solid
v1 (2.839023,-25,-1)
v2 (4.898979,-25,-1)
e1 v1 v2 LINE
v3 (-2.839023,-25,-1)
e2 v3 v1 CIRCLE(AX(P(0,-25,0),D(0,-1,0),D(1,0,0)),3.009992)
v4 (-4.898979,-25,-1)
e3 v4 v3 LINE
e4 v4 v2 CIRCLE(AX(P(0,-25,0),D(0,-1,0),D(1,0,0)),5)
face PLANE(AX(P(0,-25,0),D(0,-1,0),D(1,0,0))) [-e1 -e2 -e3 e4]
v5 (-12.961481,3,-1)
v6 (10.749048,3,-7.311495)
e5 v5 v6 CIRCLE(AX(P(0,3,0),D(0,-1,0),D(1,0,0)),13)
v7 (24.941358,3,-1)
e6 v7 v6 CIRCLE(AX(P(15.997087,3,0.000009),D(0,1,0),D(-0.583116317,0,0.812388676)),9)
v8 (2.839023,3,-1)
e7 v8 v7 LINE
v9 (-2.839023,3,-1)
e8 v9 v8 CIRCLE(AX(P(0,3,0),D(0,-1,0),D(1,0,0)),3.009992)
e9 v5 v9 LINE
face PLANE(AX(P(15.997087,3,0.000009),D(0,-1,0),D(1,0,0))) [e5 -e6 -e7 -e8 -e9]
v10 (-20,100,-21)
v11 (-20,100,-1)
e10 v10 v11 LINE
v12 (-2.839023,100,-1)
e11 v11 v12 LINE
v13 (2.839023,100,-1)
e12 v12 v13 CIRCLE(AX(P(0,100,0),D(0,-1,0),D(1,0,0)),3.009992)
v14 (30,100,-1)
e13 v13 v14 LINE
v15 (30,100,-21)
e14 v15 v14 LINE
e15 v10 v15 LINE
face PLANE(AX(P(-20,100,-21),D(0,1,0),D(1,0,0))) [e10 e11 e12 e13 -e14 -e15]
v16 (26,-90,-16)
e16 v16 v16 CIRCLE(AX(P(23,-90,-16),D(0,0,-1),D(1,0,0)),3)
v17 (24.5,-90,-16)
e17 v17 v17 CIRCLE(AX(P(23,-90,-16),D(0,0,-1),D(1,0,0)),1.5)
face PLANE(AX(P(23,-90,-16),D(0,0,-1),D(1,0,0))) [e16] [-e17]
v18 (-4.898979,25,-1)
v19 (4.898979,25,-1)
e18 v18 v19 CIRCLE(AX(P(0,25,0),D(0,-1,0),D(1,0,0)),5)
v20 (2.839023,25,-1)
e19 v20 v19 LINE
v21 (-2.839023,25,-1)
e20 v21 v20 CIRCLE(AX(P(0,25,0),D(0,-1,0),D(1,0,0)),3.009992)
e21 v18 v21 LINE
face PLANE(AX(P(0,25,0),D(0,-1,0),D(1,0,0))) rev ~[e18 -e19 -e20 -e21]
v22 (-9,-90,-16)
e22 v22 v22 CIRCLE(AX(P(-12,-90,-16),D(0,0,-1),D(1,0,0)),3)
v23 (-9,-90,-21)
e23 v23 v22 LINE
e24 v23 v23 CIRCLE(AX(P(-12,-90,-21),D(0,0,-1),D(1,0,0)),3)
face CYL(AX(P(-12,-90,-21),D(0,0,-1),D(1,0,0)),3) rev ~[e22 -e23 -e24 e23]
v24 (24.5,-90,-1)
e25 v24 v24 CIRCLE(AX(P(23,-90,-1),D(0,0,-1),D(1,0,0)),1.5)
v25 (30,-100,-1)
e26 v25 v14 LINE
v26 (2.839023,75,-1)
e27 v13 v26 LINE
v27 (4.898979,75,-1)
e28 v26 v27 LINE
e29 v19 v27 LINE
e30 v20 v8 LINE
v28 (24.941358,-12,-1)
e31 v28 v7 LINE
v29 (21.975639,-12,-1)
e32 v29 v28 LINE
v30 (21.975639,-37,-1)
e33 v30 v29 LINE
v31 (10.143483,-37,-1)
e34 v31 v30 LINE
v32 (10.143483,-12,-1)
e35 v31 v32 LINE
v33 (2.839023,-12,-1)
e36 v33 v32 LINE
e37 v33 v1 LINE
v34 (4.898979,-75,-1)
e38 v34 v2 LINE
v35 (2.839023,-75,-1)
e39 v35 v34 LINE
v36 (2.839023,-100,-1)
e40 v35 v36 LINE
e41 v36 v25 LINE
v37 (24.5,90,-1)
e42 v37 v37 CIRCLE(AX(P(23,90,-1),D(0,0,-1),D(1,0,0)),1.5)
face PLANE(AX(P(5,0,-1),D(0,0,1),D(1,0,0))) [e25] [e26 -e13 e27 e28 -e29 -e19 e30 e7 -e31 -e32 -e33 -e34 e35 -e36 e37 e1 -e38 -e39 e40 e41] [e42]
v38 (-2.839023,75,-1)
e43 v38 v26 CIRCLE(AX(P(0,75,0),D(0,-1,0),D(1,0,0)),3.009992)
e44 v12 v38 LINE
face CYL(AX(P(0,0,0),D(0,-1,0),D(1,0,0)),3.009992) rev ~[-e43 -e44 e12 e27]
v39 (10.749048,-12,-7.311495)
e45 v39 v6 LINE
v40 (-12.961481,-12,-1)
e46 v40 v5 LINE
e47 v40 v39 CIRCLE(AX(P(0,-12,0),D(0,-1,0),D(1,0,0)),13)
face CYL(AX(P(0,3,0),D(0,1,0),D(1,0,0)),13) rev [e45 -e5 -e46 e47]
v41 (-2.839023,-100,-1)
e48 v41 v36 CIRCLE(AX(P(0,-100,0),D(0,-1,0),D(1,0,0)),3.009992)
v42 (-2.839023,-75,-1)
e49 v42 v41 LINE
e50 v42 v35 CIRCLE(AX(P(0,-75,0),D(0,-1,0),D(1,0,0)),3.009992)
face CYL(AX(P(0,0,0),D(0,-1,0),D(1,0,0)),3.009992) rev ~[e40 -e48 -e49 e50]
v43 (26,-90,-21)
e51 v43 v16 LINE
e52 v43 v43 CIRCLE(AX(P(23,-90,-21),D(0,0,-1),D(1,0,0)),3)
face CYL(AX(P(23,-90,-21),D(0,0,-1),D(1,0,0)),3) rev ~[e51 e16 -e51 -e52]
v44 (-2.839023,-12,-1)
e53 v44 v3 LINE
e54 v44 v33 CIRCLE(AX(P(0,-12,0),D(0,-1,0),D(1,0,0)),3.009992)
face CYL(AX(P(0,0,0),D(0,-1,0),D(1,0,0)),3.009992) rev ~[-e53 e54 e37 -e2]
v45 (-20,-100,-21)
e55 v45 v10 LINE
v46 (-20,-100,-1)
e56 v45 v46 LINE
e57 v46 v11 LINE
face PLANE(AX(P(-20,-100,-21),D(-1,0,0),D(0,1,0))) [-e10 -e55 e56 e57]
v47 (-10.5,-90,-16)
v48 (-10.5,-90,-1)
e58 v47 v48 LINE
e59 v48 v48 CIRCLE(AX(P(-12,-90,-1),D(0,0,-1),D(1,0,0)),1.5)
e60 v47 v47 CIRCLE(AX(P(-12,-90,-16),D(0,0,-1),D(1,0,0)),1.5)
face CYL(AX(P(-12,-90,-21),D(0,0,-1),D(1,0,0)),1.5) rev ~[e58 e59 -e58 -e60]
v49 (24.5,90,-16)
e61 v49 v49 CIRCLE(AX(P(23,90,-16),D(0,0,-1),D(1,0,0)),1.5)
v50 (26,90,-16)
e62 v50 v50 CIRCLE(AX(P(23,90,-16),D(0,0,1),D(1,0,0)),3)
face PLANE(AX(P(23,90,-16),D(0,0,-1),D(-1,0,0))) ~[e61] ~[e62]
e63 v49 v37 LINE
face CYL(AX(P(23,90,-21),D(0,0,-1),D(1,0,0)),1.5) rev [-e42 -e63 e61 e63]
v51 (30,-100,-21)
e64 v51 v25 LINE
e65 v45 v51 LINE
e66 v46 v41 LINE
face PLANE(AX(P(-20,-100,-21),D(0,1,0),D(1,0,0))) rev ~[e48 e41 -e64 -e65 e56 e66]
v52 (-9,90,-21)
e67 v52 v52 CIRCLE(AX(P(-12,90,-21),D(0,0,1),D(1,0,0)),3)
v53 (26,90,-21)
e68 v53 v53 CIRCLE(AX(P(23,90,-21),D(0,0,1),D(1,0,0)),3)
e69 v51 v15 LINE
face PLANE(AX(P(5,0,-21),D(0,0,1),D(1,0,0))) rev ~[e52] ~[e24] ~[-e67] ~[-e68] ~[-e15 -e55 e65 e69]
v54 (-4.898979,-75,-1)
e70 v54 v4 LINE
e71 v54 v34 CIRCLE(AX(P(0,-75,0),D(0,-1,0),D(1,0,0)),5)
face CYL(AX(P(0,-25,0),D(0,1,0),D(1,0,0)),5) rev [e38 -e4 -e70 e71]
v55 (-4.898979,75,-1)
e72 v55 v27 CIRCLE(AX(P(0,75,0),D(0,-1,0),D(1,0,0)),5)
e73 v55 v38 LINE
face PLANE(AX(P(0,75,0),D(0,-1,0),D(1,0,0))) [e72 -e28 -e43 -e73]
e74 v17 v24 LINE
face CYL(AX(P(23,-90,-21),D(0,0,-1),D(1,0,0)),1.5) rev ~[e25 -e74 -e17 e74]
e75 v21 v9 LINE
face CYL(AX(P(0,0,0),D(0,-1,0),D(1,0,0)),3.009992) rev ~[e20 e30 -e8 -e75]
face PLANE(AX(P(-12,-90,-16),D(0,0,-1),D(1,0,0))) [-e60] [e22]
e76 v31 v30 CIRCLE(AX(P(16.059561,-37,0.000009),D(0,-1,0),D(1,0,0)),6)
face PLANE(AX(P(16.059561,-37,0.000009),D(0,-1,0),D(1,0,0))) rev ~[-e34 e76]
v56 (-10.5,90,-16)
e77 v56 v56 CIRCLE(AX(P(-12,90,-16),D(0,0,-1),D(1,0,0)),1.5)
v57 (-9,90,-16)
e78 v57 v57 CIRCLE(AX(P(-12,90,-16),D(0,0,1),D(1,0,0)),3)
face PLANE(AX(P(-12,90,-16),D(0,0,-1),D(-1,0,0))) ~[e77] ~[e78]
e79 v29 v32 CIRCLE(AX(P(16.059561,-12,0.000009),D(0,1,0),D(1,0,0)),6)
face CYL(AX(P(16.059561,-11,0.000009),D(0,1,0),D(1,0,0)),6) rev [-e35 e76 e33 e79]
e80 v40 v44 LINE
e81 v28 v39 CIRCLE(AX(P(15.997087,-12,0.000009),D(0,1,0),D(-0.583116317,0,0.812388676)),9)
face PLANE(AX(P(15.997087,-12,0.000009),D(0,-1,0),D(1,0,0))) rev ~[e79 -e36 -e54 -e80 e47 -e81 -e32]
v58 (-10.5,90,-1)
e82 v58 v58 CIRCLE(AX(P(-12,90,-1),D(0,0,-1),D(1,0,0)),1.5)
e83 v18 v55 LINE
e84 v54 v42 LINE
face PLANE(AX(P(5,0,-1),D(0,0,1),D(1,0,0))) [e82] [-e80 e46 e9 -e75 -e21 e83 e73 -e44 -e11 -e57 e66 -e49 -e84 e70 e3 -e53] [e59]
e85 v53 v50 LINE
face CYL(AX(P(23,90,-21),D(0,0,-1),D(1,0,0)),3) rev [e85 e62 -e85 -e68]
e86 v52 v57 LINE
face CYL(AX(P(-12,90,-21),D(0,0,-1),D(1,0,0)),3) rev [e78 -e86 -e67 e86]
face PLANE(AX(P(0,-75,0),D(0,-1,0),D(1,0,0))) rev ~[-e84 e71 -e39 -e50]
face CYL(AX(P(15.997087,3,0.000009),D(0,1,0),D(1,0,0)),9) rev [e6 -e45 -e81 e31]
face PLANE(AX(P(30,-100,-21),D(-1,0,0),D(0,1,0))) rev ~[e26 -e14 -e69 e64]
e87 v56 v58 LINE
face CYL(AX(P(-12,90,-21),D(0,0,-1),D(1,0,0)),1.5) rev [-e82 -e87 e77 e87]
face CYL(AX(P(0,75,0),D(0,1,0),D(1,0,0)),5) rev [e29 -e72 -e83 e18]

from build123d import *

# Parameters (mm, degrees)
SKETCH006_R     = 3.009992
PAD002_DEPTH    = 100
SKETCH011_R     = 5
PAD007_DEPTH    = 50
SKETCH010_R     = 5
PAD006_DEPTH    = 50
SKETCH008_R     = 13
PAD004_DEPTH    = 15
SKETCH009_R     = 9
PAD005_DEPTH    = 15
SKETCH013_R     = 6
PAD008_DEPTH    = 26
BOX001_W        = 50
BOX001_H        = 200
BOX001_DEPTH    = 20
SKETCH015_R     = 1.5
POCKET001_DEPTH = 434.247304
SKETCH016_R     = 1.5
POCKET002_DEPTH = 434.247304
SKETCH017_R     = 3
POCKET003_DEPTH = 5
SKETCH018_R     = 3
POCKET004_DEPTH = 5


with BuildPart() as pad002:
    # Sketch006 → Pad002 (new body, symmetric)
    with BuildSketch(Plane.XZ):
        Circle(SKETCH006_R)
    extrude(amount=PAD002_DEPTH, both=True)


with BuildPart() as pad007:
    # Sketch011 → Pad007 (new body)
    with BuildSketch(Plane.XZ.offset(-75)):
        Circle(SKETCH011_R)
    extrude(amount=PAD007_DEPTH)


with BuildPart() as scassi_perno:
    # Sketch010 → Pad006 (new body)
    with BuildSketch(Plane.XZ.offset(25)):
        Circle(SKETCH010_R)
    extrude(amount=PAD006_DEPTH)

    # Fusion002: union Pad007
    add(pad007.part)


with BuildPart() as scasso_ruota_dentata:
    # Sketch008 → Pad004 (new body)
    with BuildSketch(Plane.XZ.offset(-3)):
        Circle(SKETCH008_R)
    extrude(amount=PAD004_DEPTH)


with BuildPart() as scassi_ruote_dentate:
    # Sketch009 → Pad005 (new body)
    with BuildSketch(Plane.XZ.offset(-3)):
        with Locations((15.997087, 9e-06)):
            Circle(SKETCH009_R)
    extrude(amount=PAD005_DEPTH)

    # Fusion001: union scasso_ruota_dentata
    add(scasso_ruota_dentata.part)


with BuildPart() as fusion:
    # Sketch013 → Pad008 (new body)
    with BuildSketch(Plane.XZ.offset(11)):
        with Locations((16.059561, 9e-06)):
            Circle(SKETCH013_R)
    extrude(amount=PAD008_DEPTH)

    # Fusion005: union scassi_perno, scassi_ruote_dentate
    add(scassi_perno.part)
    add(scassi_ruote_dentate.part)

    # Fusion: union Pad002
    add(pad002.part)


with BuildPart() as tappo_viti:
    # Box001 → Box001 (new body)
    with BuildSketch(Plane(origin=(-20, -100, -21), x_dir=(1, 0, 0), z_dir=(0, 0, 1))):
        with Locations((25, 100)):
            Rectangle(BOX001_W, BOX001_H)
    extrude(amount=BOX001_DEPTH)

    # Cut001: cut Fusion
    add(fusion.part, mode=Mode.SUBTRACT)

    # Sketch015 → Pocket001 (cut, through all)
    with BuildSketch(Plane(origin=(0, 0, -21), x_dir=(1, 0, 0), z_dir=(0, 0, -1))):
        with Locations((23, 90)):
            Circle(SKETCH015_R)
    pocket001 = extrude(amount=-POCKET001_DEPTH, mode=Mode.SUBTRACT)

    # Mirrored: Pocket001 across Sketch015 H_Axis
    add(pocket001.mirror(Plane(origin=(0, 0, -21), x_dir=(0, 0, -1), z_dir=(0, -1, 0))), mode=Mode.SUBTRACT)

    # Sketch016 → Pocket002 (cut, through all)
    with BuildSketch(Plane(origin=(0, 0, -21), x_dir=(1, 0, 0), z_dir=(0, 0, -1))):
        with Locations((-12, 90)):
            Circle(SKETCH016_R)
    pocket002 = extrude(amount=-POCKET002_DEPTH, mode=Mode.SUBTRACT)

    # Mirrored001: Pocket002 across Sketch016 H_Axis
    add(pocket002.mirror(Plane(origin=(0, 0, -21), x_dir=(0, 0, -1), z_dir=(0, -1, 0))), mode=Mode.SUBTRACT)

    # Sketch017 → Pocket003 (cut)
    with BuildSketch(Plane(origin=(0, 0, -21), x_dir=(1, 0, 0), z_dir=(0, 0, -1))):
        with Locations((23, 90)):
            Circle(SKETCH017_R)
    pocket003 = extrude(amount=-POCKET003_DEPTH, mode=Mode.SUBTRACT)

    # Mirrored002: Pocket003 across Sketch017 H_Axis
    add(pocket003.mirror(Plane(origin=(0, 0, -21), x_dir=(0, 0, -1), z_dir=(0, -1, 0))), mode=Mode.SUBTRACT)

    # Sketch018 → Pocket004 (cut)
    with BuildSketch(Plane(origin=(0, 0, -21), x_dir=(1, 0, 0), z_dir=(0, 0, -1))):
        with Locations((-12, 90)):
            Circle(SKETCH018_R)
    pocket004 = extrude(amount=-POCKET004_DEPTH, mode=Mode.SUBTRACT)

    # Mirrored003: Pocket004 across Sketch018 H_Axis
    add(pocket004.mirror(Plane(origin=(0, 0, -21), x_dir=(0, 0, -1), z_dir=(0, -1, 0))), mode=Mode.SUBTRACT)


solid = tappo_viti.part
